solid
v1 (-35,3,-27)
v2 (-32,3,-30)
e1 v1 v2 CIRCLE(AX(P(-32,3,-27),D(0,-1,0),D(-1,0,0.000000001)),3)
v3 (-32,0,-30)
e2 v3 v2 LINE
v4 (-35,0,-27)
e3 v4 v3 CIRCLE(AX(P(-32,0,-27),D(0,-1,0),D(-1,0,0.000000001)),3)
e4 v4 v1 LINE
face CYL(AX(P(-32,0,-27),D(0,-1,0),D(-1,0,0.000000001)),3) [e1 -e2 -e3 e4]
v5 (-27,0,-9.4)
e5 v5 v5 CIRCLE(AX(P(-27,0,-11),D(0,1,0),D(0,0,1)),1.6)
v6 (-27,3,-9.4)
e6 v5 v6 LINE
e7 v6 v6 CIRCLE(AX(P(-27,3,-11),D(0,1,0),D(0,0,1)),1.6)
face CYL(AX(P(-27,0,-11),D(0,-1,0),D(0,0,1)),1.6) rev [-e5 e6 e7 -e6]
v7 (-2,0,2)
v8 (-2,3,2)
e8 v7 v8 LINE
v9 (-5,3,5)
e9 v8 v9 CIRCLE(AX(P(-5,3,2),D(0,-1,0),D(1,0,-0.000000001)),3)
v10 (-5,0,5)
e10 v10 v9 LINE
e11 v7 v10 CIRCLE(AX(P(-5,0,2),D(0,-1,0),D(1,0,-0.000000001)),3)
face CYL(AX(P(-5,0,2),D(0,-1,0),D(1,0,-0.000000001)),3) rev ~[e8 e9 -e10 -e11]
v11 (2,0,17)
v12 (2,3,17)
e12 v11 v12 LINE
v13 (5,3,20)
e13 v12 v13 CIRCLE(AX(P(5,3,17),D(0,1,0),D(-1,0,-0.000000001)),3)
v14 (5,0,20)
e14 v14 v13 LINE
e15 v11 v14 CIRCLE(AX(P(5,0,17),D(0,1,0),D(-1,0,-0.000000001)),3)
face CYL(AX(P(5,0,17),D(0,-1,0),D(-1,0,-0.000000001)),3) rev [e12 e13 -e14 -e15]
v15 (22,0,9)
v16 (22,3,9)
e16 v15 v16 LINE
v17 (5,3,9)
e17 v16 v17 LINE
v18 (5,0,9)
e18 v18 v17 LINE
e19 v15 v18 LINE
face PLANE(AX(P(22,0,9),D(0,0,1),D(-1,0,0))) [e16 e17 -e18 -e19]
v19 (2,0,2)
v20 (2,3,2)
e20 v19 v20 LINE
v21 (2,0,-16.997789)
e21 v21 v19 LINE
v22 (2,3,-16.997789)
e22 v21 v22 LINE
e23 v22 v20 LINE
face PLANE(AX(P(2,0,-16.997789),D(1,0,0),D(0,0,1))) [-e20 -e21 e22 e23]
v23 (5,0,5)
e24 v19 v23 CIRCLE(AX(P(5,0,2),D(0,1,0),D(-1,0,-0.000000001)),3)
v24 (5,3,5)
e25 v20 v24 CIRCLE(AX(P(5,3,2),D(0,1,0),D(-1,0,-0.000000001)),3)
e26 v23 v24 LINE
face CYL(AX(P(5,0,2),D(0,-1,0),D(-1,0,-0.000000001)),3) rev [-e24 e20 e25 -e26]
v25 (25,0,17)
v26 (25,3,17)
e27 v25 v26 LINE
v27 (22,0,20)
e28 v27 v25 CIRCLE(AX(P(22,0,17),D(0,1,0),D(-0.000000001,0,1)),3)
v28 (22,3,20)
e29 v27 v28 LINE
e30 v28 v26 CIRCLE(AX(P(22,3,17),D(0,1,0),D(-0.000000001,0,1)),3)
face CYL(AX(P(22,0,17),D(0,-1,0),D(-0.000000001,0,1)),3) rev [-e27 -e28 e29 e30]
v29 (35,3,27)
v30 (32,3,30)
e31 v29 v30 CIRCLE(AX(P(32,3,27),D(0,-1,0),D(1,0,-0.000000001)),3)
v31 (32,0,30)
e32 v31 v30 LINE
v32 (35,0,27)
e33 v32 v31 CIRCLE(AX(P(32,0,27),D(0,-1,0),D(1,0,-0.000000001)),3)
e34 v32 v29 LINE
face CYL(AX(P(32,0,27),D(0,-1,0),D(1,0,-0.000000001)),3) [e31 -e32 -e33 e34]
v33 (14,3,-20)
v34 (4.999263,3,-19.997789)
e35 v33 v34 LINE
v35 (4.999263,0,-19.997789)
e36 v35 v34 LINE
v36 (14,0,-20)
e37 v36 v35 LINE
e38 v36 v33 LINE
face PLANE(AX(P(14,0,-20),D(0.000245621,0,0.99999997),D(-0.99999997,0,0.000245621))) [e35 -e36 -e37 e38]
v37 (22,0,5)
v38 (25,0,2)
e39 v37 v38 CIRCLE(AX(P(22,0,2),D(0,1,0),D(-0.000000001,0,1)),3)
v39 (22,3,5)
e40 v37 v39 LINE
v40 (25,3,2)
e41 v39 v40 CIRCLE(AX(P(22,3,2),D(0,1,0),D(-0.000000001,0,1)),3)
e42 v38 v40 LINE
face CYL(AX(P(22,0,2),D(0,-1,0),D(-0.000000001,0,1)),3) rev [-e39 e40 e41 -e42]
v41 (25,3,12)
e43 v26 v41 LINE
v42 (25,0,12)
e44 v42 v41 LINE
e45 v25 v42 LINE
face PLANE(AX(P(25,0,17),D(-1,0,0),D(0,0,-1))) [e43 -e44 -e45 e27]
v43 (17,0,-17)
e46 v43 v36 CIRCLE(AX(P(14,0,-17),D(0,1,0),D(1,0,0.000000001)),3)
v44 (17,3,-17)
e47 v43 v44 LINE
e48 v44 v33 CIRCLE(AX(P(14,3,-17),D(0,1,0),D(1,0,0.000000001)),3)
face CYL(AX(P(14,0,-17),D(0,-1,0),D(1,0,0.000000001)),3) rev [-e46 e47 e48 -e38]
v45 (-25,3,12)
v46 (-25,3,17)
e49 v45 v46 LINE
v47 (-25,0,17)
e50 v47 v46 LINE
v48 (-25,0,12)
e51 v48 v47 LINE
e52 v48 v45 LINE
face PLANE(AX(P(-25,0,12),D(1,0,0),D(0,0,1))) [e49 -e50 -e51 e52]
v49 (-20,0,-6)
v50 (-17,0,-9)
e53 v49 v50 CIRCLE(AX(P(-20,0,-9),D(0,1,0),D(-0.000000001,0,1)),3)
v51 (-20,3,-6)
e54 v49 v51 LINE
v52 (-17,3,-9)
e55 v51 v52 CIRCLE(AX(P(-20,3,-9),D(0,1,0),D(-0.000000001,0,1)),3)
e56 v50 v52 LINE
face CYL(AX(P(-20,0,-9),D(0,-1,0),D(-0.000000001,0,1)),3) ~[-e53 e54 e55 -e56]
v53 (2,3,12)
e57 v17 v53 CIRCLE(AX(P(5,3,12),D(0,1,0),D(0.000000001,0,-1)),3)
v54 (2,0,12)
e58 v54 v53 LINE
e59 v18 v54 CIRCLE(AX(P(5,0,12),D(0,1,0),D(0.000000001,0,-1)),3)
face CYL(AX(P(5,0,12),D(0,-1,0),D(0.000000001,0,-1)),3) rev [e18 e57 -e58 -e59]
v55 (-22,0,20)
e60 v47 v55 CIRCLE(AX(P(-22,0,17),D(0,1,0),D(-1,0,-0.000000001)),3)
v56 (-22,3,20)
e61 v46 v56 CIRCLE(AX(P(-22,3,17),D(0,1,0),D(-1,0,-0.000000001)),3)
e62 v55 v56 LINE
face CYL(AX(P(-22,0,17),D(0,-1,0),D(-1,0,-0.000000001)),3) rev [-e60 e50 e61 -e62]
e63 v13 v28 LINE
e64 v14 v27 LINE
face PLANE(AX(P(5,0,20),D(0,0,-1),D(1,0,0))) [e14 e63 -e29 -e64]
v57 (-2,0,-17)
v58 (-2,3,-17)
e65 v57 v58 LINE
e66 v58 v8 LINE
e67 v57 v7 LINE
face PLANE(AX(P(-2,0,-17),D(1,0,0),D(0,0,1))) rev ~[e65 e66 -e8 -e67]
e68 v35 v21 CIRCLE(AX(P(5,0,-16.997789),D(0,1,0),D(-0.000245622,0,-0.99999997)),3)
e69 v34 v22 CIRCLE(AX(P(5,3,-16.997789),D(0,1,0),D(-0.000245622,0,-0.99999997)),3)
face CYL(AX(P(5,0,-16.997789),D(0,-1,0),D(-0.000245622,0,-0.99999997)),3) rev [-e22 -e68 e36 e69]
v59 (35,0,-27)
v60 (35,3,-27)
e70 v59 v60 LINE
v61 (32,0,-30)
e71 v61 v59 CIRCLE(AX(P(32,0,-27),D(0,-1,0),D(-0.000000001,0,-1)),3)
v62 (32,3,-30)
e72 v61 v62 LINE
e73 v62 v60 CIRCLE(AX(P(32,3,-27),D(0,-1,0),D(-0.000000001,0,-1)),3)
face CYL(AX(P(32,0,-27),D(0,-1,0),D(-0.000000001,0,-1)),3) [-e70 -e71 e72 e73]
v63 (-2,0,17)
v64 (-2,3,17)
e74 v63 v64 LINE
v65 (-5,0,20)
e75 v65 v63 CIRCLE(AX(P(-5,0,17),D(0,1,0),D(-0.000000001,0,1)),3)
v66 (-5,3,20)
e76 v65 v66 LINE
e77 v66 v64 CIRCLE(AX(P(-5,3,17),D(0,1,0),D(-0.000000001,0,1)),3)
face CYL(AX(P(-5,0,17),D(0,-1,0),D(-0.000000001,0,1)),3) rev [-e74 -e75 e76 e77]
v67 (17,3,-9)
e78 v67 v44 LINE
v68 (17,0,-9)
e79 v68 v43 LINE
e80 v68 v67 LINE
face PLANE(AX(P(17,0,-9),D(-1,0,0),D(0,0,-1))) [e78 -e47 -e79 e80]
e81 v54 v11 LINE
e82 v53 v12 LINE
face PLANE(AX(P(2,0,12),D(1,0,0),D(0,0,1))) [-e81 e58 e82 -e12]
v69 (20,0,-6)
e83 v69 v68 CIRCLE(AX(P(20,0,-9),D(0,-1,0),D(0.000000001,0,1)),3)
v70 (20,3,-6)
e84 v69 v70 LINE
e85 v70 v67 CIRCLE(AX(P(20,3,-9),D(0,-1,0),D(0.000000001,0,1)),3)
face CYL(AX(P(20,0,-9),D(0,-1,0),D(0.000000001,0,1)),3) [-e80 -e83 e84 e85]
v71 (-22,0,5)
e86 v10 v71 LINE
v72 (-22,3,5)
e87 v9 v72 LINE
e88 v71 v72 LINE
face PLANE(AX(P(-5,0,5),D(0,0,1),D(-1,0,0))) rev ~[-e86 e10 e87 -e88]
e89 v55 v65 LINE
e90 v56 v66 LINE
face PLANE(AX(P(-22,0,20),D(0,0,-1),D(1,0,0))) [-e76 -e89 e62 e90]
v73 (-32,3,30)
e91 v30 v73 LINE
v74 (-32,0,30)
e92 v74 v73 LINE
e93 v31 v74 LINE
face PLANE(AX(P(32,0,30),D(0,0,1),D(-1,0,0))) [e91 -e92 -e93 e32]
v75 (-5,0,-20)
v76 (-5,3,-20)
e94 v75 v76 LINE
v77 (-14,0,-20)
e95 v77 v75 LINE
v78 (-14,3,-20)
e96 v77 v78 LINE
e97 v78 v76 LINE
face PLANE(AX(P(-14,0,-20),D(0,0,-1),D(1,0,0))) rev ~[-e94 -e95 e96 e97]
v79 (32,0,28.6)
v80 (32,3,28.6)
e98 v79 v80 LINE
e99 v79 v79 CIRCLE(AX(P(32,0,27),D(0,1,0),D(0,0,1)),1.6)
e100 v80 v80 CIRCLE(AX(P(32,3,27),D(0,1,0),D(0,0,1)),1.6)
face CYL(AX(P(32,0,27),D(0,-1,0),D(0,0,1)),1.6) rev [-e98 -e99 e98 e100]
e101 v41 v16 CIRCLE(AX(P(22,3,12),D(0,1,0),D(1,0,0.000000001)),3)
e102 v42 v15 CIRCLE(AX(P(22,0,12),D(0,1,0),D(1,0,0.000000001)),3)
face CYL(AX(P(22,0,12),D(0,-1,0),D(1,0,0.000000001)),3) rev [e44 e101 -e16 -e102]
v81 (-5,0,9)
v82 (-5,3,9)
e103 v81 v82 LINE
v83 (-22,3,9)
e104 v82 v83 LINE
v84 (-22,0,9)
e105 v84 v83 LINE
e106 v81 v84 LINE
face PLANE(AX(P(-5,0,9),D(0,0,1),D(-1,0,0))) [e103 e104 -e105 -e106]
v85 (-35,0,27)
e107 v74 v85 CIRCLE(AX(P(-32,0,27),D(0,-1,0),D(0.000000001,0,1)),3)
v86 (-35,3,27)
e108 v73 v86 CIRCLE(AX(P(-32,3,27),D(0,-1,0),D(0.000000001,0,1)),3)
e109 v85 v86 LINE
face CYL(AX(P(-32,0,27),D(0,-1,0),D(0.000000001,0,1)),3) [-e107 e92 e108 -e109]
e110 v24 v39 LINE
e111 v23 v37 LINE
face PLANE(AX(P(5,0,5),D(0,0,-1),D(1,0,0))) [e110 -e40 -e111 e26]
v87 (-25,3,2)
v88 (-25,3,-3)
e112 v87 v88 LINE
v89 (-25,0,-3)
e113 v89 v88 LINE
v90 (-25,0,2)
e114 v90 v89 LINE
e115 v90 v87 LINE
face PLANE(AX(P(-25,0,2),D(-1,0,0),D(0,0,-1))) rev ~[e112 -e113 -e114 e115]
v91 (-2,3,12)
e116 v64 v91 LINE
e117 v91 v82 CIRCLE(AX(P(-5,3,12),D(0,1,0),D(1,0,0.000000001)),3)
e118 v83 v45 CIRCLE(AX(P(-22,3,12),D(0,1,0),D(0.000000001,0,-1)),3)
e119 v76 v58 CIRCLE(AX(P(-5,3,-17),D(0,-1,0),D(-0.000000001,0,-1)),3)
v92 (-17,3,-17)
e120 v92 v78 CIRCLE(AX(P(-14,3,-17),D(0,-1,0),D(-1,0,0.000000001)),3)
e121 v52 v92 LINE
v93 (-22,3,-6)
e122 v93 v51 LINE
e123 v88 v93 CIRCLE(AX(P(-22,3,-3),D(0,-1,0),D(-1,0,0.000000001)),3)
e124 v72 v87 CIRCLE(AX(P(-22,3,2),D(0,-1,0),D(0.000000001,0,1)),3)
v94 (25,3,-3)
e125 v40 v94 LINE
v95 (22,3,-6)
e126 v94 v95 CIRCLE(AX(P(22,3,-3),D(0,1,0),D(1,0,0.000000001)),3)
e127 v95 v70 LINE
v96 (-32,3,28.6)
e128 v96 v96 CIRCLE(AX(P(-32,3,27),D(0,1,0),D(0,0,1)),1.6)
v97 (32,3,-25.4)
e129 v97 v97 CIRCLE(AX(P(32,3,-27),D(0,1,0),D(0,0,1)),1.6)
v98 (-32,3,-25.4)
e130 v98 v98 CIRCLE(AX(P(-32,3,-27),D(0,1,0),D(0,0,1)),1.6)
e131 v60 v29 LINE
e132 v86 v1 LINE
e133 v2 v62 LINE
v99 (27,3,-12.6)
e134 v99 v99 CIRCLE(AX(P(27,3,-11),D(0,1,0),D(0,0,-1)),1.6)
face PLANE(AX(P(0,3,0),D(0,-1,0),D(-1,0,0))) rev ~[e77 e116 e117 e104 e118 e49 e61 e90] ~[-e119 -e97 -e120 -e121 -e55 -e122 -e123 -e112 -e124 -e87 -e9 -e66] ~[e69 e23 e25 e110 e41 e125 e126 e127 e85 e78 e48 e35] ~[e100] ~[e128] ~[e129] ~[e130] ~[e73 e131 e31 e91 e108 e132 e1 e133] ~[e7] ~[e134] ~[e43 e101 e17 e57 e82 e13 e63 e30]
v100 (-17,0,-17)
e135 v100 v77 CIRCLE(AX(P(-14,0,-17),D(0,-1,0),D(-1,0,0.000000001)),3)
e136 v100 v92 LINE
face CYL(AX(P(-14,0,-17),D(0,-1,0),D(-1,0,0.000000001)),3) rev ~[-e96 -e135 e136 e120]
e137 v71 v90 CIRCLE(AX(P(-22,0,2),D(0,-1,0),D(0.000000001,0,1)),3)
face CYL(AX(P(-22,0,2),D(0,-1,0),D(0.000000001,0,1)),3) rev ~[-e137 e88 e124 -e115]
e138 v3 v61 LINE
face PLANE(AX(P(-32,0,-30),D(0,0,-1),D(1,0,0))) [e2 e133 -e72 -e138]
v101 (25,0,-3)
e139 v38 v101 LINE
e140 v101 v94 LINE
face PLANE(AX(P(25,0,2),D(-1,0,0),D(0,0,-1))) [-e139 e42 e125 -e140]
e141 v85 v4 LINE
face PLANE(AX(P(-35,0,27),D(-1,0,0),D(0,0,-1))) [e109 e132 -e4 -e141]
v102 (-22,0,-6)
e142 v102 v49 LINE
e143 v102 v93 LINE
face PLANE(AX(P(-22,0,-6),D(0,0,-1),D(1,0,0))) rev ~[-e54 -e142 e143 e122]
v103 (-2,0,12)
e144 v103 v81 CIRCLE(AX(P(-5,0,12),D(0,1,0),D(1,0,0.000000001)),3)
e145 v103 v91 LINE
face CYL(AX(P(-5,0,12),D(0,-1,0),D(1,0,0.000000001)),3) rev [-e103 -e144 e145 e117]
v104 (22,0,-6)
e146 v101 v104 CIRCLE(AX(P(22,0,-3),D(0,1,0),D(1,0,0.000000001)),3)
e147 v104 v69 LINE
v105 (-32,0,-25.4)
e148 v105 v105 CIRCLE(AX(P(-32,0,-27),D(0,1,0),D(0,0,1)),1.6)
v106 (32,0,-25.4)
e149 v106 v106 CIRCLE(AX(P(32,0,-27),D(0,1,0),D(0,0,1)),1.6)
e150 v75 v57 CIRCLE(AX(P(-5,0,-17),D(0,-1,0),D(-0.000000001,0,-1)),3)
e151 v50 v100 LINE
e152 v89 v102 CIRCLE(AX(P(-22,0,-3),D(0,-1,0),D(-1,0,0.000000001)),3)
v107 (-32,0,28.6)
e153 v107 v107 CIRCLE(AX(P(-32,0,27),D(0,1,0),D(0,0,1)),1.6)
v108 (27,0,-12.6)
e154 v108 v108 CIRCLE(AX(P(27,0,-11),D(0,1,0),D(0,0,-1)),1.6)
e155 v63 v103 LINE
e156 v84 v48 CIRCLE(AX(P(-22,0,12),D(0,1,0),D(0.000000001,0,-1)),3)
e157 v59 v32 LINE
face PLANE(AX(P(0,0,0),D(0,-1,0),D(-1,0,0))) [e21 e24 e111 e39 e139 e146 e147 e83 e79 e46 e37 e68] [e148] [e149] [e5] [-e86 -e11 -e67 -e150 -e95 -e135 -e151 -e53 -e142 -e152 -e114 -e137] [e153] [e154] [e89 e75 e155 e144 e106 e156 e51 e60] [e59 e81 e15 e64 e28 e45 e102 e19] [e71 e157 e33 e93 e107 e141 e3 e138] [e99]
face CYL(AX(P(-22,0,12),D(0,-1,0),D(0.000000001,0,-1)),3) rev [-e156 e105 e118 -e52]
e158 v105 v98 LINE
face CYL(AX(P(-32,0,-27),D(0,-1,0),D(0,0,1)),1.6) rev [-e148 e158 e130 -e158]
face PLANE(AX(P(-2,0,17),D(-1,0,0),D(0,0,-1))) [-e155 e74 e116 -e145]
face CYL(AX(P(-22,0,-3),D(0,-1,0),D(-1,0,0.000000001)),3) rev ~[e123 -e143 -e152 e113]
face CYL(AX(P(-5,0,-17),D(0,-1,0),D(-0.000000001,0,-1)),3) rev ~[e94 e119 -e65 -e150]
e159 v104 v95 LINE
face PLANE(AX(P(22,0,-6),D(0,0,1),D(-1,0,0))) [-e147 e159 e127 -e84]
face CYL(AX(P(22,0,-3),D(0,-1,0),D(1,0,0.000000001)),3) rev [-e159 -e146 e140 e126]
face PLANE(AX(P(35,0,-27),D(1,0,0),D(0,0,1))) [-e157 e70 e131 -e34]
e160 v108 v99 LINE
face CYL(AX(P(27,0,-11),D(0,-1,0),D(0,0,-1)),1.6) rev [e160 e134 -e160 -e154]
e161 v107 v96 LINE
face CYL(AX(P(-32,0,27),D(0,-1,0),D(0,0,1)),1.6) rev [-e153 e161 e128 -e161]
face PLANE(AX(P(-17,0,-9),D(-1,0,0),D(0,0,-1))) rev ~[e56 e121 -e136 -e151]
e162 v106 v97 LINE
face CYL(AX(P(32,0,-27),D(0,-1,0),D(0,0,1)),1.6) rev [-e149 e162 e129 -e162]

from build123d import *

# Parameters (mm, degrees)
SKETCH_1_R          = 1.6
EXTRUDE_1_DEPTH     = 3
CUT_EXTRUDE_START   = -3
SKETCH_2_R          = 1.6
CUT_EXTRUDE_1_DEPTH = 3
CUT_EXTRUDE_2_DEPTH = 3


with BuildPart() as part:
    # 草图1 → 凸台-拉伸1 (new body)
    with BuildSketch(Plane(origin=(0, 0, 0), x_dir=(1, 0, 0), z_dir=(0, 1, 0))):
        with BuildLine():
            Line((-32, 30), (32, 30))
            ThreePointArc((32, 30), (34.121320344, 29.121320344), (35, 27))
            Line((35, 27), (35, -27))
            ThreePointArc((35, -27), (34.121320344, -29.121320344), (32, -30))
            Line((32, -30), (-32, -30))
            ThreePointArc((-32, -30), (-34.121320344, -29.121320344), (-35, -27))
            Line((-35, -27), (-35, 27))
            ThreePointArc((-35, 27), (-34.121320344, 29.121320344), (-32, 30))
        make_face()
        with Locations(Location((-32, 27, 0), (0, 0, 270))):
            Circle(SKETCH_1_R, mode=Mode.SUBTRACT)
        with Locations(Location((32, 27, 0), (0, 0, 270))):
            Circle(SKETCH_1_R, mode=Mode.SUBTRACT)
        with Locations(Location((-32, -27, 0), (0, 0, 270))):
            Circle(SKETCH_1_R, mode=Mode.SUBTRACT)
        with Locations(Location((32, -27, 0), (0, 0, 270))):
            Circle(SKETCH_1_R, mode=Mode.SUBTRACT)
    extrude(amount=EXTRUDE_1_DEPTH)

    # 草图2 → 切除-拉伸1 (cut)
    with BuildSketch(Plane(origin=(0, 3, 0), x_dir=(1, 0, 0), z_dir=(0, 1, 0)).offset(CUT_EXTRUDE_START)):
        with Locations(Location((-27, 11, 0), (0, 0, 270))):
            Circle(SKETCH_2_R)
        with Locations(Location((27, 11, 0), (0, 0, 90))):
            Circle(SKETCH_2_R)
        with Locations(Location((-32, 27, 0), (0, 0, 270))):
            Circle(SKETCH_2_R)
    extrude(amount=CUT_EXTRUDE_1_DEPTH, mode=Mode.SUBTRACT)

    # 草图3 → 切除-拉伸2 (cut)
    with BuildSketch(Plane.XZ):
        with BuildLine():
            Line((-22, 20), (-5, 20))
            ThreePointArc((-5, 20), (-2.878679656, 19.121320344), (-2, 17))
            Line((-2, 17), (-2, 12))
            ThreePointArc((-2, 12), (-2.878679656, 9.878679656), (-5, 9))
            Line((-5, 9), (-22, 9))
            ThreePointArc((-22, 9), (-24.121320344, 9.878679656), (-25, 12))
            Line((-25, 12), (-25, 17))
            ThreePointArc((-25, 17), (-24.121320344, 19.121320344), (-22, 20))
        make_face()
        with BuildLine():
            Line((-22, -6), (-20, -6))
            ThreePointArc((-20, -6), (-17.878679656, -6.878679656), (-17, -9))
            Line((-17, -9), (-17, -17))
            ThreePointArc((-17, -17), (-16.121320344, -19.121320344), (-14, -20))
            Line((-14, -20), (-5, -20))
            ThreePointArc((-5, -20), (-2.878679656, -19.121320344), (-2, -17))
            Line((-2, -17), (-2, 2))
            ThreePointArc((-2, 2), (-2.878679656, 4.121320344), (-5, 5))
            Line((-5, 5), (-22, 5))
            ThreePointArc((-22, 5), (-24.121320344, 4.121320344), (-25, 2))
            Line((-25, 2), (-25, -3))
            ThreePointArc((-25, -3), (-24.121320344, -5.121320344), (-22, -6))
        make_face()
        with BuildLine():
            Line((25, 17), (25, 12))
            ThreePointArc((25, 12), (24.121320344, 9.878679656), (22, 9))
            Line((22, 9), (5, 9))
            ThreePointArc((5, 9), (2.878679656, 9.878679656), (2, 12))
            Line((2, 12), (2, 17))
            ThreePointArc((2, 17), (2.878679656, 19.121320344), (5, 20))
            Line((5, 20), (22, 20))
            ThreePointArc((22, 20), (24.121320344, 19.121320344), (25, 17))
        make_face()
        with BuildLine():
            Line((17, -9), (17, -17))
            ThreePointArc((17, -17), (16.121320344, -19.121320344), (14, -20))
            Line((14, -20), (4.999263136, -19.997789228))
            ThreePointArc((4.999263136, -19.997789228), (2.878419152, -19.118849125), (2, -16.997789318))
            Line((2, -16.997789318), (2, 2))
            ThreePointArc((2, 2), (2.878679656, 4.121320344), (5, 5))
            Line((5, 5), (22, 5))
            ThreePointArc((22, 5), (24.121320344, 4.121320344), (25, 2))
            Line((25, 2), (25, -3))
            ThreePointArc((25, -3), (24.121320344, -5.121320344), (22, -6))
            Line((22, -6), (20, -6))
            ThreePointArc((20, -6), (17.878679656, -6.878679656), (17, -9))
        make_face()
    extrude(amount=-CUT_EXTRUDE_2_DEPTH, mode=Mode.SUBTRACT)


solid = part.part
